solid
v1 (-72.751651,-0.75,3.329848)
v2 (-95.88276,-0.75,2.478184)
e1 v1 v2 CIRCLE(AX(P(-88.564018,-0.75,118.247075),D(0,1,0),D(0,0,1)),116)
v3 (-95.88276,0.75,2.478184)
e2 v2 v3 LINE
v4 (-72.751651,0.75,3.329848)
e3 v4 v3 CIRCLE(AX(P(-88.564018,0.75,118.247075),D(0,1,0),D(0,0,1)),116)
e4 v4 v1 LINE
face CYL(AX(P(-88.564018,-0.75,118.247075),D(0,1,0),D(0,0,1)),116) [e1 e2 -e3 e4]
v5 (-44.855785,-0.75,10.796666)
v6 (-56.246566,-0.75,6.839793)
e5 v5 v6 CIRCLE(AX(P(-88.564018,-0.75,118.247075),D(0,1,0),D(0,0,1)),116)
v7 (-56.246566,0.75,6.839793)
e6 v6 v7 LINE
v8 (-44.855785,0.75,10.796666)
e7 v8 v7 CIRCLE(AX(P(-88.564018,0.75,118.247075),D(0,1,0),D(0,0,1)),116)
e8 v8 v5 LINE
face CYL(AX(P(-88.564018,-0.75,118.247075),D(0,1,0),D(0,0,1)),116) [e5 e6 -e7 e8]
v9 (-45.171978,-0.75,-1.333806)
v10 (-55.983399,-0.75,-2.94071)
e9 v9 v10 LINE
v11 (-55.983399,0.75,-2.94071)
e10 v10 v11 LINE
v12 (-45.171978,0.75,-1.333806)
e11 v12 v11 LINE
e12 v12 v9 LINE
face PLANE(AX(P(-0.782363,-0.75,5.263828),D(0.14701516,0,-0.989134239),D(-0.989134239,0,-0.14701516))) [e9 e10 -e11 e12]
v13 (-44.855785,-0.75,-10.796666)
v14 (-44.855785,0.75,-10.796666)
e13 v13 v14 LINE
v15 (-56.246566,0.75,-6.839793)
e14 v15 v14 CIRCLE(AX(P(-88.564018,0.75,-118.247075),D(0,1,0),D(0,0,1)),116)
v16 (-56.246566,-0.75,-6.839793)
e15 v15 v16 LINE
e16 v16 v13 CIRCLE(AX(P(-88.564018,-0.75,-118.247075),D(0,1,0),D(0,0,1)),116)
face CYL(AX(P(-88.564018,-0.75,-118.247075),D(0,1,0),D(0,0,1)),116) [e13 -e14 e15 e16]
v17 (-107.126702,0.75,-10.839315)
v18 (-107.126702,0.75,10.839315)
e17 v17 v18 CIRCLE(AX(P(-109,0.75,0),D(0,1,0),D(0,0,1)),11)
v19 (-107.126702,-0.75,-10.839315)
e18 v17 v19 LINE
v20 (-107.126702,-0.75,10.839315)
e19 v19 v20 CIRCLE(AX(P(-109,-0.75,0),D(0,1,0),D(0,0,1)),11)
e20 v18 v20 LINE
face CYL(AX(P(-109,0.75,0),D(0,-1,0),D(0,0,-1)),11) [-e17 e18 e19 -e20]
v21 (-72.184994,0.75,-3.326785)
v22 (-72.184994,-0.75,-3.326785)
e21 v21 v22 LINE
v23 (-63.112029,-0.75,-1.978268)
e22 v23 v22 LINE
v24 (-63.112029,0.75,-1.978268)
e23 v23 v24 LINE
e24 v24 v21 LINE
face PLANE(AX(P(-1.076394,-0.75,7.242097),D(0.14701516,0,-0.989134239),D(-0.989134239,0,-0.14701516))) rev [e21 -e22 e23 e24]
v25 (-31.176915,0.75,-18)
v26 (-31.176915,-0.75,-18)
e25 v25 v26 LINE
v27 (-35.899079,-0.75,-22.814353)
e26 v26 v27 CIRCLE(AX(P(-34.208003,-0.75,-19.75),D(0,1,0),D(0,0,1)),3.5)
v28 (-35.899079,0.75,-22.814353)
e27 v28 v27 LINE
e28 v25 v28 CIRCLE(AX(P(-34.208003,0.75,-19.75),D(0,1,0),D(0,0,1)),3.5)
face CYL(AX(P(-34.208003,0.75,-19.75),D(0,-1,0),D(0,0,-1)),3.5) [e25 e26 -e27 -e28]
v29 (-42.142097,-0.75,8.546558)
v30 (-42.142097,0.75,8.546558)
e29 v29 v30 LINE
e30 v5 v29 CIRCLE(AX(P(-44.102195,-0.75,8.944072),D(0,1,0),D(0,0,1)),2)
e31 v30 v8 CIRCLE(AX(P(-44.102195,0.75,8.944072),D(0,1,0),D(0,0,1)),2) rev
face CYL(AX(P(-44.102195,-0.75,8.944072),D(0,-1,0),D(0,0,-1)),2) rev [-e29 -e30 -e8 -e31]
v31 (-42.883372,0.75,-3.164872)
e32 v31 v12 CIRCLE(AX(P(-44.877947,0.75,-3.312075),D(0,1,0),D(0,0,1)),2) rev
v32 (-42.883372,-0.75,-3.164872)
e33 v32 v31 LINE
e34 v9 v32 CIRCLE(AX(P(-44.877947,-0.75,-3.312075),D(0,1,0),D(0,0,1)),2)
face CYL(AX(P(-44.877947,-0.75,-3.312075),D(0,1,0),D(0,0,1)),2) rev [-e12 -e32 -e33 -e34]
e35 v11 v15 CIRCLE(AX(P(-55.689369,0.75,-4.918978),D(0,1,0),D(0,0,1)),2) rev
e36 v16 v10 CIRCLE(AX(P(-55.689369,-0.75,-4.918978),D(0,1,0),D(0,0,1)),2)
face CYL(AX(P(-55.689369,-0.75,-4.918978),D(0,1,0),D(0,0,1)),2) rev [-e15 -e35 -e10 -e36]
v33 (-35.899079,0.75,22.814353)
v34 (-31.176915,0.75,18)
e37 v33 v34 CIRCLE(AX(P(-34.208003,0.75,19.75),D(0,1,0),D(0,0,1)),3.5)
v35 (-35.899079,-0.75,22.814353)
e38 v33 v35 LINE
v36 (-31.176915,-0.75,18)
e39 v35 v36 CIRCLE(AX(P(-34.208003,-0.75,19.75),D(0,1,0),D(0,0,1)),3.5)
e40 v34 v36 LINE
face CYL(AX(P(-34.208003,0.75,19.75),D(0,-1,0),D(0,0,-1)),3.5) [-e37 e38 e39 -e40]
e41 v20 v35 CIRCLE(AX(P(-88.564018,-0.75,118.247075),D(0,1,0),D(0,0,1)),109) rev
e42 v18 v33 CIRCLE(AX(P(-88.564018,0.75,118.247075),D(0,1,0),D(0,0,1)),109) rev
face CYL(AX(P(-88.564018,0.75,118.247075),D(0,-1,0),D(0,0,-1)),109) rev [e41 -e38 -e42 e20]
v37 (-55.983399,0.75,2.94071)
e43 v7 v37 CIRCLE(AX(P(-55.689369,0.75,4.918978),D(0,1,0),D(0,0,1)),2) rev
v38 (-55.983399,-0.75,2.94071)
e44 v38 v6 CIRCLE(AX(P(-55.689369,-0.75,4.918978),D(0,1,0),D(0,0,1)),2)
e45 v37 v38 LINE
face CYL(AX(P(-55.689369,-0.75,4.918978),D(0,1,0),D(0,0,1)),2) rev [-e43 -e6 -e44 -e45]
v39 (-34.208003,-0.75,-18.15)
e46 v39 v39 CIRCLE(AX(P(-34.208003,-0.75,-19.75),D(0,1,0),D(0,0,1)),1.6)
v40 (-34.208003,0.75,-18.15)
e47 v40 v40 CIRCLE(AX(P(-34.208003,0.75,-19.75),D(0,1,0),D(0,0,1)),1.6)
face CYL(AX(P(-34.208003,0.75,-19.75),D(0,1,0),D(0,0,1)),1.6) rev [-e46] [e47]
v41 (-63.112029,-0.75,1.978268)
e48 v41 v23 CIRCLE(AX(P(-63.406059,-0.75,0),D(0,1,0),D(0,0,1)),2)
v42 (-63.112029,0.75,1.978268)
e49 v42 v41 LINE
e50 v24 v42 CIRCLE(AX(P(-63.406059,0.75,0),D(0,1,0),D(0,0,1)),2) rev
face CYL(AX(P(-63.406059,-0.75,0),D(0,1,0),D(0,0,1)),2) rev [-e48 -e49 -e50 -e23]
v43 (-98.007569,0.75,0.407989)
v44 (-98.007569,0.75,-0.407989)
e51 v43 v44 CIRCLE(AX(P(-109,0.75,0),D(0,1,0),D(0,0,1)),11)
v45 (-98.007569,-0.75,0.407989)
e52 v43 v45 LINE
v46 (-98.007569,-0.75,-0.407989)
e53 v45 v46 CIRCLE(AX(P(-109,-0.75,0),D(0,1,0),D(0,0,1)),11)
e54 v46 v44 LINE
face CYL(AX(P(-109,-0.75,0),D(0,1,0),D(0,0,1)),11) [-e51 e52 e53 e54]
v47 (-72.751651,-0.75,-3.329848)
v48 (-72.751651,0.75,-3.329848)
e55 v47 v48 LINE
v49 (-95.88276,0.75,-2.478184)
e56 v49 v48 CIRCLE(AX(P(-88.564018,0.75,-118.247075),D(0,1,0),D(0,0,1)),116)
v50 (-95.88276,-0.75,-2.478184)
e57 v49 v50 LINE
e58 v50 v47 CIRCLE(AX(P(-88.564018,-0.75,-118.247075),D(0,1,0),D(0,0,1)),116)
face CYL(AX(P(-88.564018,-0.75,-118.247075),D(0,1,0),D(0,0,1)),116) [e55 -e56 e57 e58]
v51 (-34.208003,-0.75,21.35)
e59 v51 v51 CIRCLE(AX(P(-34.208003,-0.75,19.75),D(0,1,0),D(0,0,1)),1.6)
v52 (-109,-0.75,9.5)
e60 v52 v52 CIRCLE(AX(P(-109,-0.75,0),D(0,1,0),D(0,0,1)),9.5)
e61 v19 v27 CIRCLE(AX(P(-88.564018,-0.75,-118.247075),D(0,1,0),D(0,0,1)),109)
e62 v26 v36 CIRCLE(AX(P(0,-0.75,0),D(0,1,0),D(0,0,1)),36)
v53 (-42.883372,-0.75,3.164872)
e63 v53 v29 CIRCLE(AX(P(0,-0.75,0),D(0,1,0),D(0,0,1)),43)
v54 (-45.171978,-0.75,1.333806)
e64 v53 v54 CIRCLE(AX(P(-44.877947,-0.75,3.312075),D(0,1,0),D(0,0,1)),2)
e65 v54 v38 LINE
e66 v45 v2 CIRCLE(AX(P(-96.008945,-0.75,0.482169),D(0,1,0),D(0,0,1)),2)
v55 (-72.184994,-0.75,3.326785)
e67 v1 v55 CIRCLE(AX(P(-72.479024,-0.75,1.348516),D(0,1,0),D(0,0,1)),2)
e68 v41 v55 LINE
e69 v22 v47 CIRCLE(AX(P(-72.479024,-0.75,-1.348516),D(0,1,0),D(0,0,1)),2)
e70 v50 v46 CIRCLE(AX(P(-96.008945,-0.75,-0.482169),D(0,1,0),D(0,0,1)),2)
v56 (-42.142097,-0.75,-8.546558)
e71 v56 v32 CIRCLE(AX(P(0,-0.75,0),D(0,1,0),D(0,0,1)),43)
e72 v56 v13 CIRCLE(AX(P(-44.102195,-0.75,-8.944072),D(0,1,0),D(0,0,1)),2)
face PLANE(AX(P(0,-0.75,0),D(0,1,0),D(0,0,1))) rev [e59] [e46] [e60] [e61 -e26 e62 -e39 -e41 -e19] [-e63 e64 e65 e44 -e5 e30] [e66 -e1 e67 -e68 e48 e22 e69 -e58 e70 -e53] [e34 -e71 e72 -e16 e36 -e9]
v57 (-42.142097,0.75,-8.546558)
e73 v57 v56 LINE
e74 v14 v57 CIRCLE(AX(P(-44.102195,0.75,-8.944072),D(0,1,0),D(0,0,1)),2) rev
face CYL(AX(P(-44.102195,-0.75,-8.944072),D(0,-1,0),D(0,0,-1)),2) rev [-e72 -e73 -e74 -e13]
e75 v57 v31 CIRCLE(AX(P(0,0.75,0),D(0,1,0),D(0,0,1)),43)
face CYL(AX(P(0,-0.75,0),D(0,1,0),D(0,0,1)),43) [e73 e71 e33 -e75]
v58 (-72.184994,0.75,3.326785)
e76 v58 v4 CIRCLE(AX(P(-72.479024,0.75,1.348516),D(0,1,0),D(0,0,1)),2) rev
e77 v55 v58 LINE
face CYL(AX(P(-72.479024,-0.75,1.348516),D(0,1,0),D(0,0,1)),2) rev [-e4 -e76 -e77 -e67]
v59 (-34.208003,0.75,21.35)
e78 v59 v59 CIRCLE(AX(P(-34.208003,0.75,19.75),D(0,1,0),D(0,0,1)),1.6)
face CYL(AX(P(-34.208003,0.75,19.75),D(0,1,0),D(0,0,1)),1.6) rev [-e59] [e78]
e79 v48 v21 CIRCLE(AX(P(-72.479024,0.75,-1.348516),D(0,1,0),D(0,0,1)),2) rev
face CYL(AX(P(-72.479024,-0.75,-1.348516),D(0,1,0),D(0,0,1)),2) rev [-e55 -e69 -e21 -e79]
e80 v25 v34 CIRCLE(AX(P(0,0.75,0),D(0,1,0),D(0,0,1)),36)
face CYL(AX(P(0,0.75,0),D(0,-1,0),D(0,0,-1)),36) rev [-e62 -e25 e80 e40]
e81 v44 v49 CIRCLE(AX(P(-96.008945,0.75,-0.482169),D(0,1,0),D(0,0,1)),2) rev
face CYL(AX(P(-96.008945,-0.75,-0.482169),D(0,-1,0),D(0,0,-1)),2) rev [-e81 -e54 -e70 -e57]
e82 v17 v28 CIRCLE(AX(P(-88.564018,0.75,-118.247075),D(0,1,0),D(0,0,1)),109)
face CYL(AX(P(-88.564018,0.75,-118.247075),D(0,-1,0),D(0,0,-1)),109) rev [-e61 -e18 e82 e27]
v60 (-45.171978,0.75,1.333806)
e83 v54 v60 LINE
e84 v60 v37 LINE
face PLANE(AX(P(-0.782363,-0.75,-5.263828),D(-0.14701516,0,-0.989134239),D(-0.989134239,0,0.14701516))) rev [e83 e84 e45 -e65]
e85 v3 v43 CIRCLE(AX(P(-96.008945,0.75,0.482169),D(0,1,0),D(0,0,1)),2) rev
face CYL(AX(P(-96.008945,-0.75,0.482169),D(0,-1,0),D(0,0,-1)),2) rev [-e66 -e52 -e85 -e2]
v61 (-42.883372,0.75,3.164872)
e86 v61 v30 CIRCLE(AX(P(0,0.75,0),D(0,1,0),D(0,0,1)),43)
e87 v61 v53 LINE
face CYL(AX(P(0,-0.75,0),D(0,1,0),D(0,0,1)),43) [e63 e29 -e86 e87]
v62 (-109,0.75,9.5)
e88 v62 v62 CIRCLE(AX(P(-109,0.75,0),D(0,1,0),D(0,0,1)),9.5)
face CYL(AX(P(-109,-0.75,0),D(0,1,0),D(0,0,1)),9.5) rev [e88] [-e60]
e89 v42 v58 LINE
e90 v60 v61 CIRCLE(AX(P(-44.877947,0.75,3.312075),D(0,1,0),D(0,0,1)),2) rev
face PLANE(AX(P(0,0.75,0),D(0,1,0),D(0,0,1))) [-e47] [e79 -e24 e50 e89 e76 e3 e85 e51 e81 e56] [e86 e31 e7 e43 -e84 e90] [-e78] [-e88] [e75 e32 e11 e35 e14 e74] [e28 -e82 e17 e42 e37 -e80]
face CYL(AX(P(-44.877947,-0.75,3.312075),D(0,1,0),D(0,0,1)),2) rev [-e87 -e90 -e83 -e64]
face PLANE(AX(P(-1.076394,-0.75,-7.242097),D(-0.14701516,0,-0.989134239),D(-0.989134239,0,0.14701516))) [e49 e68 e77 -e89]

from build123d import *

# Parameters (mm, degrees)
SKETCH1_R                      = 3.5
BOSS_EXTRUDE1_DEPTH            = 0.75
F_3_2_3_2_DIAMETER_HOLE1_D     = 3.2
F_3_2_3_2_DIAMETER_HOLE1_DEPTH = 10
F_3_2_3_2_DIAMETER_HOLE1_TIP   = 0.96137699
CUT_EXTRUDE1_DEPTH             = 2.5
FILLET1_R                      = 2
SKETCH7_R                      = 9.5
CUT_EXTRUDE2_DEPTH             = 2.5000001


with BuildPart() as part:
    # Sketch1 → Boss-Extrude1 (new body, symmetric)
    with BuildSketch(Plane(origin=(0, 0, 0), x_dir=(1, 0, 0), z_dir=(0, 1, 0))):
        with BuildLine():
            ThreePointArc((-37.239092363, -21.5), (-43, 0), (-37.239092363, 21.5))
            ThreePointArc((-37.239092363, 21.5), (-36.658838331, 22.248681329), (-35.899079455, 22.81435343))
            ThreePointArc((-35.899079455, 22.81435343), (-70.492179883, 10.7556392), (-107.126701642, 10.839315166))
            ThreePointArc((-107.126701642, 10.839315166), (-120, 0), (-107.126701642, -10.839315166))
            ThreePointArc((-107.126701642, -10.839315166), (-70.492179883, -10.7556392), (-35.899079455, -22.81435343))
            ThreePointArc((-35.899079455, -22.81435343), (-36.658838331, -22.248681329), (-37.239092363, -21.5))
        make_face()
        with BuildLine():
            ThreePointArc((-31.176914536, 18), (-35.958003449, 16.718911087), (-37.239092363, 21.5))
            ThreePointArc((-37.239092363, 21.5), (-43, 0), (-37.239092363, -21.5))
            ThreePointArc((-37.239092363, -21.5), (-35.958003449, -16.718911087), (-31.176914536, -18))
            ThreePointArc((-31.176914536, -18), (-36, 0), (-31.176914536, 18))
        make_face()
        with Locations((-34.208003449, -19.75)):
            Circle(SKETCH1_R)
        with Locations((-34.208003449, 19.75)):
            Circle(SKETCH1_R)
    extrude(amount=BOSS_EXTRUDE1_DEPTH, both=True)

    # Ø3.2 (3.2) Diameter Hole1
    with Locations(Plane(origin=(0, 0.75, 0), x_dir=(1, 0, 0), z_dir=(0, 1, 0))):
        with Locations((-34.208003449, 19.75), (-34.208003449, -19.75), (-106.530652164, 14.288188173), (-106.530652164, -14.288188173)):
            Hole(F_3_2_3_2_DIAMETER_HOLE1_D / 2, depth=F_3_2_3_2_DIAMETER_HOLE1_DEPTH)
            with Locations((0, 0, -(F_3_2_3_2_DIAMETER_HOLE1_DEPTH + F_3_2_3_2_DIAMETER_HOLE1_TIP / 2))):  # 118° drill point
                Cone(0, F_3_2_3_2_DIAMETER_HOLE1_D / 2, F_3_2_3_2_DIAMETER_HOLE1_TIP, mode=Mode.SUBTRACT)

    # Sketch6 → Cut-Extrude1 (cut, through all)
    with BuildSketch(Plane(origin=(0, 0.75, 0), x_dir=(1, 0, 0), z_dir=(0, 1, 0))):
        with BuildLine():
            Line((-72.469338063, -3.369046694), (-49.802019621, 0))
            Line((-49.802019621, 0), (-72.469338063, 3.369046694))
            ThreePointArc((-72.469338063, 3.369046694), (-85.377857375, 2.290839769), (-98.326107181, 2.65857332))
            ThreePointArc((-98.326107181, 2.65857332), (-98, 0), (-98.326107181, -2.65857332))
            ThreePointArc((-98.326107181, -2.65857332), (-85.377857375, -2.290839769), (-72.469338063, -3.369046694))
        make_face()
        with BuildLine():
            Line((-66.096117167, 4.443764231), (-42.988154947, 1.009224591))
            ThreePointArc((-42.988154947, 1.009224591), (-42.467311238, 6.747405149), (-41.183985346, 12.36443897))
            ThreePointArc((-41.183985346, 12.36443897), (-53.416219701, 7.70010587), (-66.096117167, 4.443764231))
        make_face()
        with BuildLine():
            ThreePointArc((-41.183985346, -12.36443897), (-42.467311238, -6.747405149), (-42.988154947, -1.009224591))
            Line((-42.988154947, -1.009224591), (-66.096117167, -4.443764231))
            ThreePointArc((-66.096117167, -4.443764231), (-53.416219701, -7.70010587), (-41.183985346, -12.36443897))
        make_face()
    extrude(amount=-CUT_EXTRUDE1_DEPTH, mode=Mode.SUBTRACT)

    # Fillet1
    fillet1_edges = [part.edges().sort_by_distance(p)[0] for p in [
        (-98.326107181, 0, 2.65857332),
        (-98.326107181, 0, -2.65857332),
        (-72.469338063, 0, -3.369046694),
        (-49.802019621, 0, 0),
        (-72.469338063, 0, 3.369046694),
        (-41.183985346, 0, -12.36443897),
        (-42.988154947, 0, -1.009224591),
        (-66.096117167, 0, -4.443764231),
        (-42.988154947, 0, 1.009224591),
        (-41.183985346, 0, 12.36443897),
        (-66.096117167, 0, 4.443764231),
    ]]
    fillet(fillet1_edges, radius=FILLET1_R)

    # Sketch7 → Cut-Extrude2 (cut, through all)
    with BuildSketch(Plane(origin=(0, 0.75, 0), x_dir=(1, 0, 0), z_dir=(0, 1, 0))):
        with Locations((-109, 0)):
            Circle(SKETCH7_R)
    extrude(amount=-CUT_EXTRUDE2_DEPTH, mode=Mode.SUBTRACT)


solid = part.part
